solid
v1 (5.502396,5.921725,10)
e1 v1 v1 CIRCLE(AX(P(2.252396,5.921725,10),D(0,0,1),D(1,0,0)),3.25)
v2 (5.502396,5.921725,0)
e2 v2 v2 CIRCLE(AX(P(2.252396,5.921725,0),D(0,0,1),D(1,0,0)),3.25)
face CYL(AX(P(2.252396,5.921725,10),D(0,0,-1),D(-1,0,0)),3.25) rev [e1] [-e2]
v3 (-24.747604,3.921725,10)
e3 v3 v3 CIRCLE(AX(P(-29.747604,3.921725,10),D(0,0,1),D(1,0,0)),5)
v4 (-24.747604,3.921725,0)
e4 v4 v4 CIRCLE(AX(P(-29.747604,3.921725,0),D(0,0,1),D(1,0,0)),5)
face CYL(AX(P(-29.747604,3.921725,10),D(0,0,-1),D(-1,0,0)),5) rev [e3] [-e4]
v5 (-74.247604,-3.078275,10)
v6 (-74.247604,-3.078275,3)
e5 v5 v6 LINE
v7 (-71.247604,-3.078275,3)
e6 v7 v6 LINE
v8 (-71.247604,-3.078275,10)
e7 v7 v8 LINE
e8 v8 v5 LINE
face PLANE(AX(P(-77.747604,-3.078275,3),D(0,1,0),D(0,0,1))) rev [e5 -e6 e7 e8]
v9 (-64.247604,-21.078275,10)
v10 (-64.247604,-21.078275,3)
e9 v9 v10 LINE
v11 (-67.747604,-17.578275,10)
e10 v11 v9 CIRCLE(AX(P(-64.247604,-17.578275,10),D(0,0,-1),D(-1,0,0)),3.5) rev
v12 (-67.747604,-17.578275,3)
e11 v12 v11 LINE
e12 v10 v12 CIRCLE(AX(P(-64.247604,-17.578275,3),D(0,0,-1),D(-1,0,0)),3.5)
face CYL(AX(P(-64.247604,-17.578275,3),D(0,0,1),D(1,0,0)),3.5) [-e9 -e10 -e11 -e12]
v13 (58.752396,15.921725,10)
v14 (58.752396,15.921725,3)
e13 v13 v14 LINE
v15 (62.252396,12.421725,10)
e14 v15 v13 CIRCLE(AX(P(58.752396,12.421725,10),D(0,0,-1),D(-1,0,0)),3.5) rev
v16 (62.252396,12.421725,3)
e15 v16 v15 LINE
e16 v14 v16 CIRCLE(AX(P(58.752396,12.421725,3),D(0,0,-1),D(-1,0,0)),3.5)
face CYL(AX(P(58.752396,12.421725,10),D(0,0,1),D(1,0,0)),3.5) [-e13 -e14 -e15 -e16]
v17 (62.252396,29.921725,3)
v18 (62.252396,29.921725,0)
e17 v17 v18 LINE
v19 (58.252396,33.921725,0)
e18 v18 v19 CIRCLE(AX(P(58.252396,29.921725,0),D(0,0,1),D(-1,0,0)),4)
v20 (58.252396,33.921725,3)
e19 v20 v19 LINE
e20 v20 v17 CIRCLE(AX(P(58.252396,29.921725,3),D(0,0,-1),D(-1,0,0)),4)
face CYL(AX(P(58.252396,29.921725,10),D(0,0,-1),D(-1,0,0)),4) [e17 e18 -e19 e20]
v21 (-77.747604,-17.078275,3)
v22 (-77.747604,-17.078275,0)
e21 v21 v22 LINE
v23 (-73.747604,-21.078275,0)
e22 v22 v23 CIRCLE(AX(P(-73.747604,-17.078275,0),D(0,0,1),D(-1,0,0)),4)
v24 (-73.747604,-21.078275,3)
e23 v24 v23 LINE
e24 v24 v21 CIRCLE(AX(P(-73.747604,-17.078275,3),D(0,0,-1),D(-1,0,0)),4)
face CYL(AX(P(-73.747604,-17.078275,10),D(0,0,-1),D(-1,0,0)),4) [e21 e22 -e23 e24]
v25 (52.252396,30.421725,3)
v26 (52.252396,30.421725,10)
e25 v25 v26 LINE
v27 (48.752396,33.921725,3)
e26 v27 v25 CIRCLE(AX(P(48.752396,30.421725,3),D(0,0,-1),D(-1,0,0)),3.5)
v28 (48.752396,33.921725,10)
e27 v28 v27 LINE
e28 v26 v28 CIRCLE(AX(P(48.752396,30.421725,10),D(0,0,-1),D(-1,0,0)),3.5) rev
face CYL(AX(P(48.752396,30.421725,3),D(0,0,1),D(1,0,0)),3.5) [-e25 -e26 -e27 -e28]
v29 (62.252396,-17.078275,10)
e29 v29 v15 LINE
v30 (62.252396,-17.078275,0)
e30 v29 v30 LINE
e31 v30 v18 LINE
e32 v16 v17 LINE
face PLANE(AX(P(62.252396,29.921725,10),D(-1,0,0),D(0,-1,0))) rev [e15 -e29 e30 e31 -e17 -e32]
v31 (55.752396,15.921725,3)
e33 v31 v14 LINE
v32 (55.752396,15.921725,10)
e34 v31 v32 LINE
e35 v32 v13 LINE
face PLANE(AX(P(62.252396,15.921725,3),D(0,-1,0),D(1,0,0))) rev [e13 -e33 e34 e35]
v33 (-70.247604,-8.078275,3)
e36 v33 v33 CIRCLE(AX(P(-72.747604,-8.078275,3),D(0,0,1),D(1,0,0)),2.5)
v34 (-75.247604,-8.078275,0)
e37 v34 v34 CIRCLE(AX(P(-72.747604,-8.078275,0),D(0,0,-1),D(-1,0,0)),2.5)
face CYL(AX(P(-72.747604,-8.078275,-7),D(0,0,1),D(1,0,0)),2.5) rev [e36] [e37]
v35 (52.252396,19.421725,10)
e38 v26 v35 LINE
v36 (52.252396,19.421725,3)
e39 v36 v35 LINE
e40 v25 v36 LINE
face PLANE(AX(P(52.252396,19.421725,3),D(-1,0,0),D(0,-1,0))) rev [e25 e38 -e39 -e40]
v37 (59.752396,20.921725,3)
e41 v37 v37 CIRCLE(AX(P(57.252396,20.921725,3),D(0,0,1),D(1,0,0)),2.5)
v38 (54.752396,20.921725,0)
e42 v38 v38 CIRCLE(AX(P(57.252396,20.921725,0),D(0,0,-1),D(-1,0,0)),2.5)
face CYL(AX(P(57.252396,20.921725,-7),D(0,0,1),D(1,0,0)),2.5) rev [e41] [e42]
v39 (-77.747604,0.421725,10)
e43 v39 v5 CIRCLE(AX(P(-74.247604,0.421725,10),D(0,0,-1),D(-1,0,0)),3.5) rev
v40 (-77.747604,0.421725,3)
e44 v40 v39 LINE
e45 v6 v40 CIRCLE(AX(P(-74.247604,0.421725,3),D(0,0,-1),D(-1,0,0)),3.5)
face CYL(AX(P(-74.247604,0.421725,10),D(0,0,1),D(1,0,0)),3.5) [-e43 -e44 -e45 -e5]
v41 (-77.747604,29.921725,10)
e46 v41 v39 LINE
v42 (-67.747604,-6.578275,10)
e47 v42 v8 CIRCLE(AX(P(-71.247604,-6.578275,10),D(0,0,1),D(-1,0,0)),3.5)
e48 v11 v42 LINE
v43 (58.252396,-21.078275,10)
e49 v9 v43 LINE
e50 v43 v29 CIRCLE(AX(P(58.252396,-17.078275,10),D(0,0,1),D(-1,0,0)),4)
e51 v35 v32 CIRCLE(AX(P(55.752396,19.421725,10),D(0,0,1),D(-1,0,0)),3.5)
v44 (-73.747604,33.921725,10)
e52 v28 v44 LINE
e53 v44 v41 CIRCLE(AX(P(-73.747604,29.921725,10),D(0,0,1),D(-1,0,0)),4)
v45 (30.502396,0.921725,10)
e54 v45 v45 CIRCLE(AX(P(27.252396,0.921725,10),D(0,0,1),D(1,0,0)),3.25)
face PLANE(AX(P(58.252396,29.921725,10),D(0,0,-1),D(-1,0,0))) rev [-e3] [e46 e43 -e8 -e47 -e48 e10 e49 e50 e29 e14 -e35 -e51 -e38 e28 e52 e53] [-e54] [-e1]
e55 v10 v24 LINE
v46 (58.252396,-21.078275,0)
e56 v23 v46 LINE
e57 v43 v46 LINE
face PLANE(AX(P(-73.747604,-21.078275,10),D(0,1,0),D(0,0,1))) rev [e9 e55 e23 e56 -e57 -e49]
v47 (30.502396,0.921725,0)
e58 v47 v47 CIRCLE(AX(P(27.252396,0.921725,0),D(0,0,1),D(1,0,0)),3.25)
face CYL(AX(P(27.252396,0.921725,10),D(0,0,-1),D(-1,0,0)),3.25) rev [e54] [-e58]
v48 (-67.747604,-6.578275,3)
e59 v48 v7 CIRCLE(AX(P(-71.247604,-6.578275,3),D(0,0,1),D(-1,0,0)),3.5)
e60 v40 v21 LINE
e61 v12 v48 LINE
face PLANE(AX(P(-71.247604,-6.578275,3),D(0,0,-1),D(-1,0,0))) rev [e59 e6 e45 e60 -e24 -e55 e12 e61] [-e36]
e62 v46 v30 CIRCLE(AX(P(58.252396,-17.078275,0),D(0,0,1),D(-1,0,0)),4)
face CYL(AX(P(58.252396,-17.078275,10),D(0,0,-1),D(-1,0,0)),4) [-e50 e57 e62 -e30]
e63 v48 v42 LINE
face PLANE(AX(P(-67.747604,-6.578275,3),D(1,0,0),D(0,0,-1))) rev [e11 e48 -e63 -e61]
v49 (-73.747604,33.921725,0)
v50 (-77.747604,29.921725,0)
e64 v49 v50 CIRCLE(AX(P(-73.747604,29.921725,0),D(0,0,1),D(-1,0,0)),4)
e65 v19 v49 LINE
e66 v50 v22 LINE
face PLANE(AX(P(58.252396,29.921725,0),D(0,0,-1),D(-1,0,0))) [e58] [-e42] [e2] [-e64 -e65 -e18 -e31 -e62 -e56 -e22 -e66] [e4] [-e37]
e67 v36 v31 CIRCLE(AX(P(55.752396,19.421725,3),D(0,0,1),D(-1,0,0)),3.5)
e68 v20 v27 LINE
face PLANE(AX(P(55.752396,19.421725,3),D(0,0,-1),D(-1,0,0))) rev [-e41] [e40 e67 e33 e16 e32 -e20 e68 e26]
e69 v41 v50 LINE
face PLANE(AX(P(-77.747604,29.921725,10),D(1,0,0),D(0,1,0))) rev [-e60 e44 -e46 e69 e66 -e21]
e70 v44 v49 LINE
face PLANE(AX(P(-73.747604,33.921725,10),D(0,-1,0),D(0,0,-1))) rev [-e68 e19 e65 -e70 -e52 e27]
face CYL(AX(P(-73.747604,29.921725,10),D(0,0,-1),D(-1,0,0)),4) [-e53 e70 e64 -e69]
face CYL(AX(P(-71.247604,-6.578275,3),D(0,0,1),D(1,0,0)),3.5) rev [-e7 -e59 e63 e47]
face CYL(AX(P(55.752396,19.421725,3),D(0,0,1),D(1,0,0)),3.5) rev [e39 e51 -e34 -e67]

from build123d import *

# Parameters (mm, degrees)
SKETCH1_R           = 5
SKETCH1_R_2         = 3.25
BOSS_EXTRUDE1_DEPTH = 10
CUT_EXTRUDE1_DEPTH  = 7
SKETCH3_R           = 2.5
CUT_EXTRUDE2_DEPTH  = 10
FILLET1_R           = 3.5


with BuildPart() as part:
    # Sketch1 → Boss-Extrude1 (new body)
    with BuildSketch(Plane.XY):
        with BuildLine():
            Line((-73.747603834, 33.92172524), (58.252396166, 33.92172524))
            ThreePointArc((58.252396166, 33.92172524), (61.080823291, 32.750152364), (62.252396166, 29.92172524))
            Line((62.252396166, 29.92172524), (62.252396166, -17.07827476))
            ThreePointArc((62.252396166, -17.07827476), (61.080823291, -19.906701885), (58.252396166, -21.07827476))
            Line((58.252396166, -21.07827476), (-73.747603834, -21.07827476))
            ThreePointArc((-73.747603834, -21.07827476), (-76.576030959, -19.906701885), (-77.747603834, -17.07827476))
            Line((-77.747603834, -17.07827476), (-77.747603834, 29.92172524))
            ThreePointArc((-77.747603834, 29.92172524), (-76.576030959, 32.750152364), (-73.747603834, 33.92172524))
        make_face()
        with Locations((-29.747603834, 3.92172524)):
            Circle(SKETCH1_R, mode=Mode.SUBTRACT)
        with Locations((2.252396166, 5.92172524)):
            Circle(SKETCH1_R_2, mode=Mode.SUBTRACT)
        with Locations((27.252396166, 0.92172524)):
            Circle(SKETCH1_R_2, mode=Mode.SUBTRACT)
    extrude(amount=BOSS_EXTRUDE1_DEPTH)

    # Sketch2 → Cut-Extrude1 (cut)
    with BuildSketch(Plane.XY.offset(10)):
        with BuildLine():
            Line((-77.747603834, -3.07827476), (-71.247603834, -3.07827476))
            ThreePointArc((-71.247603834, -3.07827476), (-68.7727301, -4.103401026), (-67.747603834, -6.57827476))
            Line((-67.747603834, -6.57827476), (-67.747603834, -21.07827476))
            Line((-67.747603834, -21.07827476), (-77.747603834, -21.07827476))
            Line((-77.747603834, -21.07827476), (-77.747603834, -3.07827476))
        make_face()
        with BuildLine():
            Line((62.252396166, 15.92172524), (55.752396166, 15.92172524))
            ThreePointArc((55.752396166, 15.92172524), (53.277522432, 16.946851505), (52.252396166, 19.42172524))
            Line((52.252396166, 19.42172524), (52.252396166, 33.92172524))
            Line((52.252396166, 33.92172524), (62.252396166, 33.92172524))
            Line((62.252396166, 33.92172524), (62.252396166, 15.92172524))
        make_face()
    extrude(amount=-CUT_EXTRUDE1_DEPTH, mode=Mode.SUBTRACT)

    # Sketch3 → Cut-Extrude2 (cut)
    with BuildSketch(Plane.XY.offset(3)):
        with Locations((-72.747603834, -8.07827476)):
            Circle(SKETCH3_R)
        with Locations((57.252396166, 20.92172524)):
            Circle(SKETCH3_R)
    extrude(amount=-CUT_EXTRUDE2_DEPTH, mode=Mode.SUBTRACT)

    # Fillet1
    fillet1_edges = [part.edges().sort_by_distance(p)[0] for p in [
        (-67.747603834, -21.07827476, 6.5),
        (-77.747603834, -3.07827476, 6.5),
        (52.252396166, 33.92172524, 6.5),
        (62.252396166, 15.92172524, 6.5),
    ]]
    fillet(fillet1_edges, radius=FILLET1_R)


solid = part.part
